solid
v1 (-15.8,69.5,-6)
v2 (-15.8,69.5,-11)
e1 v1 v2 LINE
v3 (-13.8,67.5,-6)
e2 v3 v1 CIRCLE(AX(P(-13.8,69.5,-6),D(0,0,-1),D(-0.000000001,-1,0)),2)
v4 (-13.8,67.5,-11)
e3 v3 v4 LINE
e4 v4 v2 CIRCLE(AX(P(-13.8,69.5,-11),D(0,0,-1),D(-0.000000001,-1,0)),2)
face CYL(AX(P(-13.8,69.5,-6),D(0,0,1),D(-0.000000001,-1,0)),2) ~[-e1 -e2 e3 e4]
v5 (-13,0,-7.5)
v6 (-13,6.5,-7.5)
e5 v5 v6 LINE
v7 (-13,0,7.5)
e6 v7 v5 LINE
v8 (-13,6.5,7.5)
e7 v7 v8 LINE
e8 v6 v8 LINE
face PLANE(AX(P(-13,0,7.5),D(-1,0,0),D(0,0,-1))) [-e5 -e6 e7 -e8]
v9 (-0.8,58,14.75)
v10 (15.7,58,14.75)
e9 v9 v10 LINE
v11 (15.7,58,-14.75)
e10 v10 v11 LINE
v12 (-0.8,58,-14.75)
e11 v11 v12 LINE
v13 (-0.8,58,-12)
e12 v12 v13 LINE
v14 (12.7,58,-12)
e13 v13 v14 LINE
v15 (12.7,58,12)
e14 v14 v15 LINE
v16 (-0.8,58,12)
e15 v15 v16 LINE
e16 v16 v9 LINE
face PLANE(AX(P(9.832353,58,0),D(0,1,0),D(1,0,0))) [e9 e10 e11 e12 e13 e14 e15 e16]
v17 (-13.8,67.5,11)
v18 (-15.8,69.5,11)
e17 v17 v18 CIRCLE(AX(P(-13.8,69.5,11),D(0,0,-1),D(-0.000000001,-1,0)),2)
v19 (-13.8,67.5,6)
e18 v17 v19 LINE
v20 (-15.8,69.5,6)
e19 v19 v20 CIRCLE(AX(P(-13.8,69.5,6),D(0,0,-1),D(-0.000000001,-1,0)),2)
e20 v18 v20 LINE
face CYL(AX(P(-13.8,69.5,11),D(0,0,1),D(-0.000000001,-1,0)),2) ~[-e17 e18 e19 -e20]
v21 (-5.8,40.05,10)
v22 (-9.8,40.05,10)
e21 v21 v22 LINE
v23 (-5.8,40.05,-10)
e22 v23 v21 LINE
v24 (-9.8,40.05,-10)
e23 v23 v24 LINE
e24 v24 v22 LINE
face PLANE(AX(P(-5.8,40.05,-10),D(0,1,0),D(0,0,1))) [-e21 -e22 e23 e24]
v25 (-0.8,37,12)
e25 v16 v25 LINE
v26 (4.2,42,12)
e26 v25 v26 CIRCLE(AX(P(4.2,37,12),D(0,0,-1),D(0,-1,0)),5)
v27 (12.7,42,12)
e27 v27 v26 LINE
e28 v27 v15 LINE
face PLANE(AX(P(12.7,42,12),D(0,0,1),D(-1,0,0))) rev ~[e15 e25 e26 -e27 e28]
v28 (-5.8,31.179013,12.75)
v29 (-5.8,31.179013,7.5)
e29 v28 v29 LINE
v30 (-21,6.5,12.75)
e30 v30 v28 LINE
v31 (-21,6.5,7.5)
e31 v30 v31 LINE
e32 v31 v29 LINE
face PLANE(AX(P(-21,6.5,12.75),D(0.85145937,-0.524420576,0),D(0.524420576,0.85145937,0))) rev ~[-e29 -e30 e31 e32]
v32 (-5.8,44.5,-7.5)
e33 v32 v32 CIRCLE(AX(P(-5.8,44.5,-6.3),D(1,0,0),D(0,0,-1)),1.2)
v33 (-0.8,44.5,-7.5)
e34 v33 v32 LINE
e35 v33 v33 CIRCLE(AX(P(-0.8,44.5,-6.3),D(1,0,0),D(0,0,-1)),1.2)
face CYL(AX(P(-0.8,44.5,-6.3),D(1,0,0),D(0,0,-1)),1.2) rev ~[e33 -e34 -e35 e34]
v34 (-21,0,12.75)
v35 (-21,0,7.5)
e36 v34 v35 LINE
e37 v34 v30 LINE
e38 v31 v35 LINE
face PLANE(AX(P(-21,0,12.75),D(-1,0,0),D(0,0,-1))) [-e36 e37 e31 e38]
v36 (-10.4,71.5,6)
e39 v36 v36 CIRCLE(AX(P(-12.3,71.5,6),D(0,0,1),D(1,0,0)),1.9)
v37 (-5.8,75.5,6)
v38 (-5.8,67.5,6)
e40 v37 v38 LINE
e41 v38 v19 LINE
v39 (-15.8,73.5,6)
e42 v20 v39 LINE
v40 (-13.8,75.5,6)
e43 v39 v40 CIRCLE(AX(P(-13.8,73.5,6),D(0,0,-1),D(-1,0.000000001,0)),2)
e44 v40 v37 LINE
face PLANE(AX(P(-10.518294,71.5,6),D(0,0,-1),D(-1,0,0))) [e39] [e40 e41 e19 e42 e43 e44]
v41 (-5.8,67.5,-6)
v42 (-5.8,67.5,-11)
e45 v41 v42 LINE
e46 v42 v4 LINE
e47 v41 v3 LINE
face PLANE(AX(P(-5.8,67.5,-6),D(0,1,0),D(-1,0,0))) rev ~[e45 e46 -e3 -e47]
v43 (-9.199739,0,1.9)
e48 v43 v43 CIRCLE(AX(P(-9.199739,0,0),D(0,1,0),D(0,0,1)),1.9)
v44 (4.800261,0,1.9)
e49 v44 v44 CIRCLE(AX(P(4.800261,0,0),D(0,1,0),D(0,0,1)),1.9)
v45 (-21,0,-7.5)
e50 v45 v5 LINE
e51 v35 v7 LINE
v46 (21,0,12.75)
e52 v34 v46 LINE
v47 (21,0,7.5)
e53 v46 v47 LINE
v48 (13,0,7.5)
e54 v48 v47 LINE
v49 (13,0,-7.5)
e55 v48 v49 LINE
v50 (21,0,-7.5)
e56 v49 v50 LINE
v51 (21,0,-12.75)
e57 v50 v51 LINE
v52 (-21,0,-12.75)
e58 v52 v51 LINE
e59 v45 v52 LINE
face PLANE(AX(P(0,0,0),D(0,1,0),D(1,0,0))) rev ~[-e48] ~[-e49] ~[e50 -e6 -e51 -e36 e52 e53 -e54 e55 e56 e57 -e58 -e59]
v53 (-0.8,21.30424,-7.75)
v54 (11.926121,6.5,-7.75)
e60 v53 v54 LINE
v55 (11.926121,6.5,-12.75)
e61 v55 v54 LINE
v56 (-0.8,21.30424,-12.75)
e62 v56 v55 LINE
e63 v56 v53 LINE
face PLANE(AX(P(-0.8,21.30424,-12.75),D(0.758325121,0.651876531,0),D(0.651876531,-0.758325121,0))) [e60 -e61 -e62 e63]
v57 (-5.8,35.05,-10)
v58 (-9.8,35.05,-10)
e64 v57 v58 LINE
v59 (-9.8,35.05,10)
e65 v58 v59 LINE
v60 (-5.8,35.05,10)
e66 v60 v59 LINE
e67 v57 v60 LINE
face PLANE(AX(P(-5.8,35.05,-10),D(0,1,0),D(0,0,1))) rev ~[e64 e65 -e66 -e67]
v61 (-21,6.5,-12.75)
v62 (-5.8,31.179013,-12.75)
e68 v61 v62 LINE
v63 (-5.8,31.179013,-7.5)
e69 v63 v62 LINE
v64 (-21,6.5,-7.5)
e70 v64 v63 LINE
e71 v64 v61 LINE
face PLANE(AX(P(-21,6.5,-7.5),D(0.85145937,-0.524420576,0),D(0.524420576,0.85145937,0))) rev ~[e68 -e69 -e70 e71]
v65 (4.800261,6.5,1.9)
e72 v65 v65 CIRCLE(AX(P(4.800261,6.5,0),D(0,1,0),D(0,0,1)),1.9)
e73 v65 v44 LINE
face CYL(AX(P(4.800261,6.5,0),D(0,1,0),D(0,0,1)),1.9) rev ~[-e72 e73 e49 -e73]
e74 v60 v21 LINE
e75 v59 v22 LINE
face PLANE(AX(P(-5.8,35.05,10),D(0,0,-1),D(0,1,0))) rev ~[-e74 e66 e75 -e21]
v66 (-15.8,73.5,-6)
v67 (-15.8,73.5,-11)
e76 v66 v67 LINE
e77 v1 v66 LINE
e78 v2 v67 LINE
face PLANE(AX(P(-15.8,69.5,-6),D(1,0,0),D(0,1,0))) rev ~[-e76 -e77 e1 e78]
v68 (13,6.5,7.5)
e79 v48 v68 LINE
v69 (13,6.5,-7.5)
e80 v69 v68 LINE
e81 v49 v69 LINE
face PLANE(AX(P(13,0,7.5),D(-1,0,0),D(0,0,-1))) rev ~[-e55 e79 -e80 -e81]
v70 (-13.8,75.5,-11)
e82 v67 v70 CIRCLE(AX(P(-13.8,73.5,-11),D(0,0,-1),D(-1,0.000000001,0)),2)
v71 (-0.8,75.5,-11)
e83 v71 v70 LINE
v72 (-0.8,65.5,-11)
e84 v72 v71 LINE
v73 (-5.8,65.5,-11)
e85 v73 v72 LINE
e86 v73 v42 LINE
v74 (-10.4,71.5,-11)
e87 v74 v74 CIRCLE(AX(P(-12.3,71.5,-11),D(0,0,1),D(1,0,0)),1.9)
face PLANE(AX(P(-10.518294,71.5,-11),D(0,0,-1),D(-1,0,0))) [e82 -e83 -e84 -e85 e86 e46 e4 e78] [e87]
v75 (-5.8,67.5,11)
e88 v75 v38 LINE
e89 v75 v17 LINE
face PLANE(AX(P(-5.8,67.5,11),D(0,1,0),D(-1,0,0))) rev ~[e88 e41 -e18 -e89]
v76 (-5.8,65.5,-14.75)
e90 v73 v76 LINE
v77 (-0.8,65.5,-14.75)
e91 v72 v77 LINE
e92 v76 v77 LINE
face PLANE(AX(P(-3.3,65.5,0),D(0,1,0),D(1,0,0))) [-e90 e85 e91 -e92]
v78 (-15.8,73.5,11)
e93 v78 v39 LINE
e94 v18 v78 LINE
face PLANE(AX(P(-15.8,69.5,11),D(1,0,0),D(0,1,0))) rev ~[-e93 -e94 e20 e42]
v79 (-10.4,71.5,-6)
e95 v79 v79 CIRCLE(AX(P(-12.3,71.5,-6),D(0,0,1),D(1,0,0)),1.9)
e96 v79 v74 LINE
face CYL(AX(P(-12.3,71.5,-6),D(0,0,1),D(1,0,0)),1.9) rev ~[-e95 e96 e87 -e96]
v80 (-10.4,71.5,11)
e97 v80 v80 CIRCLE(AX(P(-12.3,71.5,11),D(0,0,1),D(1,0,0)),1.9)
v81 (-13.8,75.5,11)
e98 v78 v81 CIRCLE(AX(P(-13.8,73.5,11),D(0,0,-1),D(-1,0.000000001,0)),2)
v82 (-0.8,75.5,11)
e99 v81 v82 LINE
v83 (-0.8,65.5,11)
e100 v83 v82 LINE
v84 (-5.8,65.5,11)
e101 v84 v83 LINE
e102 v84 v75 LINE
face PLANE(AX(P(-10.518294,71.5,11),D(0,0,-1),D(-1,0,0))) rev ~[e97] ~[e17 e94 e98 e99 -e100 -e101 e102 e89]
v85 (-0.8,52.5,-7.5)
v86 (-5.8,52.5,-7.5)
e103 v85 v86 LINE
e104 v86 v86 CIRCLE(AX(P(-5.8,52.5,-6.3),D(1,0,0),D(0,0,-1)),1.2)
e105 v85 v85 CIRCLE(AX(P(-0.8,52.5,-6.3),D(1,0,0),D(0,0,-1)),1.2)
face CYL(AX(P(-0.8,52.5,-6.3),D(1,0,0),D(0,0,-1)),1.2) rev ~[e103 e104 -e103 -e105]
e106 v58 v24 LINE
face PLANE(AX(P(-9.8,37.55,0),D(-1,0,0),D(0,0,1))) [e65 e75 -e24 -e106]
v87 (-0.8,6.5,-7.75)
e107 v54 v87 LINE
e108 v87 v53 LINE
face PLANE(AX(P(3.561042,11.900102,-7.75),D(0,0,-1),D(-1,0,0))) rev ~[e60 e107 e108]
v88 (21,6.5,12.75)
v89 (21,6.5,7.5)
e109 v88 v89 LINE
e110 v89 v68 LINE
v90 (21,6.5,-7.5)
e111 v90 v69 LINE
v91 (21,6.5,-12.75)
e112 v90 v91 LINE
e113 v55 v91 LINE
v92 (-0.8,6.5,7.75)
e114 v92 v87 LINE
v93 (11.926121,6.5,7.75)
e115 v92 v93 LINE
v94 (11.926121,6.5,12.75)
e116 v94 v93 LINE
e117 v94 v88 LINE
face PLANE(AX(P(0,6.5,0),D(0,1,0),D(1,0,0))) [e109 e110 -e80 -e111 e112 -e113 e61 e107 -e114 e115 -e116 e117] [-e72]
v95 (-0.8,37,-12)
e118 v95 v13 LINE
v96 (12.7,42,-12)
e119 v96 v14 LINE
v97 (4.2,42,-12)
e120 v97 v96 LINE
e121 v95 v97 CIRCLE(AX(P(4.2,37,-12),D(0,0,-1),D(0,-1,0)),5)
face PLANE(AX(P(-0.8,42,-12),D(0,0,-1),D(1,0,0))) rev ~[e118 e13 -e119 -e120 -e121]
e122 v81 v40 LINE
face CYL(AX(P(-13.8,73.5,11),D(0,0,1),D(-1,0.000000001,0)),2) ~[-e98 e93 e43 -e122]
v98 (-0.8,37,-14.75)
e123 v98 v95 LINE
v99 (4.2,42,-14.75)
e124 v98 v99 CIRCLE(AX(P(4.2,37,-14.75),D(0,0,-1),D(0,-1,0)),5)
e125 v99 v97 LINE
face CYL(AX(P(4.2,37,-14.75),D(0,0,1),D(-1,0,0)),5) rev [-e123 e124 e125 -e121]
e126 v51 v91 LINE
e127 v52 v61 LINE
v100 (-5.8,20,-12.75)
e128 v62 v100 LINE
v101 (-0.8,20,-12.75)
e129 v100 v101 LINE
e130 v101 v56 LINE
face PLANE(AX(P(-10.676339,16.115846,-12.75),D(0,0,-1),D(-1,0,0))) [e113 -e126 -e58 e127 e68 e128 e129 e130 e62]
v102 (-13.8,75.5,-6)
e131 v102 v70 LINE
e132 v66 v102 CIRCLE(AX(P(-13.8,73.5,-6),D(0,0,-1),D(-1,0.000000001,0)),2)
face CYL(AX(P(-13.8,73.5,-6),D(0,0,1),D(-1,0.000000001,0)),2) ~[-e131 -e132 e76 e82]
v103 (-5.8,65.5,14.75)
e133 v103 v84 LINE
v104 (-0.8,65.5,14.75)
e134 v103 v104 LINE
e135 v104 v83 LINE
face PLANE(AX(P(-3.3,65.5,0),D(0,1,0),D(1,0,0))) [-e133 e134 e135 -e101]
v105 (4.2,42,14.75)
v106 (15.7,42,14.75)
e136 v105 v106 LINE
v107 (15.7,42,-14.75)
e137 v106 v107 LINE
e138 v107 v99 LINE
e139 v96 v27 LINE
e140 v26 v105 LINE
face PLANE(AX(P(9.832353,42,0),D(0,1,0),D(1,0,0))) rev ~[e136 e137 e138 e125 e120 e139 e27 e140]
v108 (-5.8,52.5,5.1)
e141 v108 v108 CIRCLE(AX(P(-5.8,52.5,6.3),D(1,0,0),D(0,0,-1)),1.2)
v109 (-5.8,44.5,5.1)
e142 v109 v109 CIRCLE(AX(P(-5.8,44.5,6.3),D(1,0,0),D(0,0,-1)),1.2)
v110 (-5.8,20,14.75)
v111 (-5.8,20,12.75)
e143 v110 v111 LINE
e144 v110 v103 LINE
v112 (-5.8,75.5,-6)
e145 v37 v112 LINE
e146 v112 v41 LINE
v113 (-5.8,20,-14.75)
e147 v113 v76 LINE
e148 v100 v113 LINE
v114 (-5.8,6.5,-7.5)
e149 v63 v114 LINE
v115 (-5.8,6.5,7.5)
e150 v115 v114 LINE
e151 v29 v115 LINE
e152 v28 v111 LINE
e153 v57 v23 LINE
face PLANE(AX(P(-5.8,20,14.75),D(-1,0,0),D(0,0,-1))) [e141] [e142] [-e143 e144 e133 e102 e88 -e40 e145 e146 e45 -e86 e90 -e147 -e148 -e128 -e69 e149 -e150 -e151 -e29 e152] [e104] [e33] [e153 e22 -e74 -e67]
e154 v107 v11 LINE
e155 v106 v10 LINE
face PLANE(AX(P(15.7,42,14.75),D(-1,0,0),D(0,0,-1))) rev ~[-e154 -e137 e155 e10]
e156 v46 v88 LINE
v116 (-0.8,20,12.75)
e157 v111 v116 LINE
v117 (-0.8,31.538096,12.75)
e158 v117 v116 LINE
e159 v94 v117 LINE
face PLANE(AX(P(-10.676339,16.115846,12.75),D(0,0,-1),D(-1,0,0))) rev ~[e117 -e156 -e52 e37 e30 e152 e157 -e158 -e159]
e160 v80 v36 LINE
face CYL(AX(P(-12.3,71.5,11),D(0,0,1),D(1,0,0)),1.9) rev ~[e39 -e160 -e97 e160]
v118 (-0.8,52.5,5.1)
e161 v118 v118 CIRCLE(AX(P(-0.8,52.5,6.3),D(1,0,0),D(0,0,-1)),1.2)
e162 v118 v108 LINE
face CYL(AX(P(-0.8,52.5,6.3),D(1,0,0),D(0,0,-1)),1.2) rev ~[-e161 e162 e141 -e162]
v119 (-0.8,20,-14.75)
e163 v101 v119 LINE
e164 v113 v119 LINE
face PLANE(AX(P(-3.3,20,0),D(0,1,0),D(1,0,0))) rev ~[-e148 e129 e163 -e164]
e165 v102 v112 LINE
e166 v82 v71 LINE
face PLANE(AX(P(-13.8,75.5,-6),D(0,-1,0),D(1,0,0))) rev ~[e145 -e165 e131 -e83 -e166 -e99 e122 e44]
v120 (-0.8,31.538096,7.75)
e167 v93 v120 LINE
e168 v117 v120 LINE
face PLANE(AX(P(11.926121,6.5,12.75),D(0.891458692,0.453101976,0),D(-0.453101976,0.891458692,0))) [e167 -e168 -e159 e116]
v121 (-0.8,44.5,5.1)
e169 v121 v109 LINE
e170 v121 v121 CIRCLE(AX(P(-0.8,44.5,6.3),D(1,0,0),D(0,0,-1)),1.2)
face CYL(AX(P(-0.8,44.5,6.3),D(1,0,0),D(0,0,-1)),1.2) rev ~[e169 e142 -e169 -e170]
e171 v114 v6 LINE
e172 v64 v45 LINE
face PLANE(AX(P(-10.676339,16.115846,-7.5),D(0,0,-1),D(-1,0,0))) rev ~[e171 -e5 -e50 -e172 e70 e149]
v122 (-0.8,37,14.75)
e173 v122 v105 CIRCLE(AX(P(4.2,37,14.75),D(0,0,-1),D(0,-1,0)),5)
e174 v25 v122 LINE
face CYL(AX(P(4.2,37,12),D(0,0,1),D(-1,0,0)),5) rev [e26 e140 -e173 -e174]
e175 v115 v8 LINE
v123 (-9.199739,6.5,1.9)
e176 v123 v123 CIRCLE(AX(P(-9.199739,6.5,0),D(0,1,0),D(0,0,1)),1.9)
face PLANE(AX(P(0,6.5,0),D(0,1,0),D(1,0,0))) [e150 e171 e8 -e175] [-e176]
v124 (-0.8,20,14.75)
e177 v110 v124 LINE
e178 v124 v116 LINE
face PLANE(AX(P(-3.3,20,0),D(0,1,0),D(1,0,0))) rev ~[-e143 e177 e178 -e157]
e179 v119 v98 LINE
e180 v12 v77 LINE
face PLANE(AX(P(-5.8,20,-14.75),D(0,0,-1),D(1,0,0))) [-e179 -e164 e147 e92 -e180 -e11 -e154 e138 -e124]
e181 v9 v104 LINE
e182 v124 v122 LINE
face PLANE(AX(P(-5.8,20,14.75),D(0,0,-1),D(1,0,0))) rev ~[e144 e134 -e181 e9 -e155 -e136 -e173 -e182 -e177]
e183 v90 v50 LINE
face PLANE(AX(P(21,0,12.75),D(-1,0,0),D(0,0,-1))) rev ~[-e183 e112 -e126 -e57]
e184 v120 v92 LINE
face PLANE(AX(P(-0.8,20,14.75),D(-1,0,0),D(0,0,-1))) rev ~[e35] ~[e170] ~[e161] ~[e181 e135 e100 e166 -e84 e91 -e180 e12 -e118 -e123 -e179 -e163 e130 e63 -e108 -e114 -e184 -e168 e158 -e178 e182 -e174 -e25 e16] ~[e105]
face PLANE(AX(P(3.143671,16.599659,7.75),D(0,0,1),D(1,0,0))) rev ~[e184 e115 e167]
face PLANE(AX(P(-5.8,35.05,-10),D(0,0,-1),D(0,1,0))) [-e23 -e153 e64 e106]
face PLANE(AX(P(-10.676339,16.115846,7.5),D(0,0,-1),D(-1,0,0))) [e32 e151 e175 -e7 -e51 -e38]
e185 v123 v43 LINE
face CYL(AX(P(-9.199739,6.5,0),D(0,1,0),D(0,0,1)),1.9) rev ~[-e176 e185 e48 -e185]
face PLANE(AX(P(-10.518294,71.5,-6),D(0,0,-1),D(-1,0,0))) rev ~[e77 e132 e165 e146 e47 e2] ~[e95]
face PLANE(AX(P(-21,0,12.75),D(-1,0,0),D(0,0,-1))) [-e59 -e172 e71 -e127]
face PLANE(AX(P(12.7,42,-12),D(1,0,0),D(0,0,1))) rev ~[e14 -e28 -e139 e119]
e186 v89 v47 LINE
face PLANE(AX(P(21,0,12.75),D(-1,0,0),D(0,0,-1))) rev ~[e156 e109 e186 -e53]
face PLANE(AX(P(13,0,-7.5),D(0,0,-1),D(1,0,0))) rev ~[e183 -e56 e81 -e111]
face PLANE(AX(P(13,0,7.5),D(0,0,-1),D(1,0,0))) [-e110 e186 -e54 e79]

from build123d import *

# Parameters (mm, degrees)
ESQUISSE1_W                = 42
ESQUISSE1_H                = 25.5
BOSS_EXTRU_1_DEPTH         = 6.5
ESQUISSE2_W                = 16
ESQUISSE2_H                = 15
ENL_V_MAT_EXTRU_1_DEPTH    = 10
ESQUISSE3_W                = 5
ESQUISSE3_H                = 25.5
BOSS_EXTRU_2_DEPTH         = 13.5
ESQUISSE6_W                = 5
ESQUISSE6_H                = 29.5
BOSS_EXTRU_3_DEPTH         = 45.5
ESQUISSE4_R                = 1.2
ENL_V_MAT_EXTRU_3_DEPTH    = 45.5
BOSS_EXTRU_4_START         = 22
BOSS_EXTRU_4_DEPTH         = 16
CONG_2_R                   = 5
BOSS_EXTRU_5_DEPTH         = 5
ESQUISSE10_R               = 1.9
ENL_V_MAT_EXTRU_5_DEPTH    = 17
ESQUISSE11_W               = 20
ESQUISSE11_H               = 5
BOSS_EXTRU_6_DEPTH         = 4
BOSS_EXTRU_7_DEPTH         = 5
BOSS_EXTRU_8_DEPTH         = 5.25
R_P_TITION_LIN_AIRE1_COUNT = 2
R_P_TITION_LIN_AIRE1_PITCH = 20.25
ESQUISSE15_W               = 5
ESQUISSE15_H               = 22
BOSS_EXTRU_9_DEPTH         = 10
ESQUISSE16_R               = 1.9
BOSS_EXTRU_10_DEPTH        = 5
R_P_TITION_LIN_AIRE2_COUNT = 2
R_P_TITION_LIN_AIRE2_PITCH = 17


with BuildPart() as part:
    # Esquisse1 → Boss.-Extru.1 (new body)
    with BuildSketch(Plane(origin=(0, 0, 0), x_dir=(1, 0, 0), z_dir=(0, 1, 0))):
        Rectangle(ESQUISSE1_W, ESQUISSE1_H)
    extrude(amount=BOSS_EXTRU_1_DEPTH)

    # Esquisse2 → Enlèv. mat.-Extru.1 (cut)
    with BuildSketch(Plane(origin=(0, 0, 0), x_dir=(1, 0, 0), z_dir=(0, 1, 0))):
        with Locations((-21, 0)):
            Rectangle(ESQUISSE2_W, ESQUISSE2_H)
        with Locations((21, 0)):
            Rectangle(ESQUISSE2_W, ESQUISSE2_H)
    extrude(amount=ENL_V_MAT_EXTRU_1_DEPTH, mode=Mode.SUBTRACT)

    # Esquisse3 → Boss.-Extru.2 (add)
    with BuildSketch(Plane(origin=(0, 6.5, 0), x_dir=(1, 0, 0), z_dir=(0, 1, 0))):
        with Locations((-3.3, 0)):
            Rectangle(ESQUISSE3_W, ESQUISSE3_H)
    extrude(amount=BOSS_EXTRU_2_DEPTH)

    # Esquisse6 → Boss.-Extru.3 (add)
    with BuildSketch(Plane(origin=(0, 20, 0), x_dir=(1, 0, 0), z_dir=(0, 1, 0))):
        with Locations((-3.3, 0)):
            Rectangle(ESQUISSE6_W, ESQUISSE6_H)
    extrude(amount=BOSS_EXTRU_3_DEPTH)

    # Esquisse4 → Enlèv. mat.-Extru.3 (cut)
    with BuildSketch(Plane(origin=(-0.8, 0, 0), x_dir=(0, 0, -1), z_dir=(1, 0, 0))):
        with Locations((-6.3, 52.5)):
            Circle(ESQUISSE4_R)
        with Locations((6.3, 52.5)):
            Circle(ESQUISSE4_R)
        with Locations((6.3, 44.5)):
            Circle(ESQUISSE4_R)
        with Locations((-6.3, 44.5)):
            Circle(ESQUISSE4_R)
    extrude(amount=-ENL_V_MAT_EXTRU_3_DEPTH, mode=Mode.SUBTRACT)

    # Esquisse5 → Boss.-Extru.4 (add)
    with BuildSketch(Plane(origin=(0, 20, 0), x_dir=(1, 0, 0), z_dir=(0, 1, 0)).offset(BOSS_EXTRU_4_START)):
        Polygon((-0.8, 14.75), (-0.8, 12), (12.7, 12), (12.7, -12), (-0.8, -12), (-0.8, -14.75), (15.7, -14.75), (15.7, 14.75), align=None)
    extrude(amount=BOSS_EXTRU_4_DEPTH)

    # Congé2
    cong_2_edges = [part.edges().sort_by_distance(p)[0] for p in [
        (-0.8, 42, 13.375),
        (-0.8, 42, -13.375),
    ]]
    fillet(cong_2_edges, radius=CONG_2_R)

    # Esquisse9 → Boss.-Extru.5 (add)
    with BuildSketch(Plane.XY.offset(12.75)):
        Polygon((-0.8, 22.034425492), (-0.8, 6.5), (11.926120582, 6.5), (-0.8, 31.53809605), align=None)
    extrude(amount=-BOSS_EXTRU_5_DEPTH)

    # Esquisse10 → Enlèv. mat.-Extru.5 (cut)
    with BuildSketch(Plane(origin=(0, 6.5, 0), x_dir=(1, 0, 0), z_dir=(0, 1, 0))):
        with Locations(Location((-9.199739461, 0, 0), (0, 0, 270))):
            Circle(ESQUISSE10_R)
        with Locations(Location((4.800260539, 0, 0), (0, 0, 270))):
            Circle(ESQUISSE10_R)
    extrude(amount=-ENL_V_MAT_EXTRU_5_DEPTH, mode=Mode.SUBTRACT)

    # Esquisse11 → Boss.-Extru.6 (add)
    with BuildSketch(Plane.ZY.offset(5.8)):
        with Locations((0, 37.55)):
            Rectangle(ESQUISSE11_W, ESQUISSE11_H)
    extrude(amount=BOSS_EXTRU_6_DEPTH)

    # Esquisse12 → Boss.-Extru.7 (add)
    with BuildSketch(Plane(origin=(0, 0, -12.75), x_dir=(-1, 0, 0), z_dir=(0, 0, -1))):
        Polygon((0.8, 21.304240475), (-11.926120582, 6.5), (0.8, 6.5), align=None)
    extrude(amount=-BOSS_EXTRU_7_DEPTH)

    # Esquisse13 → Boss.-Extru.8 (add)
    with BuildSketch(Plane.XY.offset(12.75)):
        Polygon((-21, 6.5), (-5.8, 31.179013399), (-5.8, 6.5), align=None)
    boss_extru_8 = extrude(amount=-BOSS_EXTRU_8_DEPTH)

    # Répétition linéaire1: Boss.-Extru.8 ×2
    with Locations(*[(0, 0, -i * R_P_TITION_LIN_AIRE1_PITCH) for i in range(1, R_P_TITION_LIN_AIRE1_COUNT)]):
        add(boss_extru_8)

    # Esquisse15 → Boss.-Extru.9 (add)
    with BuildSketch(Plane(origin=(0, 65.5, 0), x_dir=(1, 0, 0), z_dir=(0, 1, 0))):
        with Locations((-3.3, 0)):
            Rectangle(ESQUISSE15_W, ESQUISSE15_H)
    extrude(amount=BOSS_EXTRU_9_DEPTH)

    # Esquisse16 → Boss.-Extru.10 (add)
    with BuildSketch(Plane.XY.offset(11)):
        with BuildLine():
            Line((-5.8, 75.5), (-5.8, 67.5))
            Line((-5.8, 67.5), (-13.8, 67.5))
            ThreePointArc((-13.8, 67.5), (-15.214213562, 68.085786438), (-15.8, 69.5))
            Line((-15.8, 69.5), (-15.8, 73.5))
            ThreePointArc((-15.8, 73.5), (-15.214213562, 74.914213562), (-13.8, 75.5))
            Line((-13.8, 75.5), (-5.8, 75.5))
        make_face()
        with Locations((-12.3, 71.5)):
            Circle(ESQUISSE16_R, mode=Mode.SUBTRACT)
    boss_extru_10 = extrude(amount=-BOSS_EXTRU_10_DEPTH)

    # Répétition linéaire2: Boss.-Extru.10 ×2
    with Locations(*[(0, 0, -i * R_P_TITION_LIN_AIRE2_PITCH) for i in range(1, R_P_TITION_LIN_AIRE2_COUNT)]):
        add(boss_extru_10)


solid = part.part
